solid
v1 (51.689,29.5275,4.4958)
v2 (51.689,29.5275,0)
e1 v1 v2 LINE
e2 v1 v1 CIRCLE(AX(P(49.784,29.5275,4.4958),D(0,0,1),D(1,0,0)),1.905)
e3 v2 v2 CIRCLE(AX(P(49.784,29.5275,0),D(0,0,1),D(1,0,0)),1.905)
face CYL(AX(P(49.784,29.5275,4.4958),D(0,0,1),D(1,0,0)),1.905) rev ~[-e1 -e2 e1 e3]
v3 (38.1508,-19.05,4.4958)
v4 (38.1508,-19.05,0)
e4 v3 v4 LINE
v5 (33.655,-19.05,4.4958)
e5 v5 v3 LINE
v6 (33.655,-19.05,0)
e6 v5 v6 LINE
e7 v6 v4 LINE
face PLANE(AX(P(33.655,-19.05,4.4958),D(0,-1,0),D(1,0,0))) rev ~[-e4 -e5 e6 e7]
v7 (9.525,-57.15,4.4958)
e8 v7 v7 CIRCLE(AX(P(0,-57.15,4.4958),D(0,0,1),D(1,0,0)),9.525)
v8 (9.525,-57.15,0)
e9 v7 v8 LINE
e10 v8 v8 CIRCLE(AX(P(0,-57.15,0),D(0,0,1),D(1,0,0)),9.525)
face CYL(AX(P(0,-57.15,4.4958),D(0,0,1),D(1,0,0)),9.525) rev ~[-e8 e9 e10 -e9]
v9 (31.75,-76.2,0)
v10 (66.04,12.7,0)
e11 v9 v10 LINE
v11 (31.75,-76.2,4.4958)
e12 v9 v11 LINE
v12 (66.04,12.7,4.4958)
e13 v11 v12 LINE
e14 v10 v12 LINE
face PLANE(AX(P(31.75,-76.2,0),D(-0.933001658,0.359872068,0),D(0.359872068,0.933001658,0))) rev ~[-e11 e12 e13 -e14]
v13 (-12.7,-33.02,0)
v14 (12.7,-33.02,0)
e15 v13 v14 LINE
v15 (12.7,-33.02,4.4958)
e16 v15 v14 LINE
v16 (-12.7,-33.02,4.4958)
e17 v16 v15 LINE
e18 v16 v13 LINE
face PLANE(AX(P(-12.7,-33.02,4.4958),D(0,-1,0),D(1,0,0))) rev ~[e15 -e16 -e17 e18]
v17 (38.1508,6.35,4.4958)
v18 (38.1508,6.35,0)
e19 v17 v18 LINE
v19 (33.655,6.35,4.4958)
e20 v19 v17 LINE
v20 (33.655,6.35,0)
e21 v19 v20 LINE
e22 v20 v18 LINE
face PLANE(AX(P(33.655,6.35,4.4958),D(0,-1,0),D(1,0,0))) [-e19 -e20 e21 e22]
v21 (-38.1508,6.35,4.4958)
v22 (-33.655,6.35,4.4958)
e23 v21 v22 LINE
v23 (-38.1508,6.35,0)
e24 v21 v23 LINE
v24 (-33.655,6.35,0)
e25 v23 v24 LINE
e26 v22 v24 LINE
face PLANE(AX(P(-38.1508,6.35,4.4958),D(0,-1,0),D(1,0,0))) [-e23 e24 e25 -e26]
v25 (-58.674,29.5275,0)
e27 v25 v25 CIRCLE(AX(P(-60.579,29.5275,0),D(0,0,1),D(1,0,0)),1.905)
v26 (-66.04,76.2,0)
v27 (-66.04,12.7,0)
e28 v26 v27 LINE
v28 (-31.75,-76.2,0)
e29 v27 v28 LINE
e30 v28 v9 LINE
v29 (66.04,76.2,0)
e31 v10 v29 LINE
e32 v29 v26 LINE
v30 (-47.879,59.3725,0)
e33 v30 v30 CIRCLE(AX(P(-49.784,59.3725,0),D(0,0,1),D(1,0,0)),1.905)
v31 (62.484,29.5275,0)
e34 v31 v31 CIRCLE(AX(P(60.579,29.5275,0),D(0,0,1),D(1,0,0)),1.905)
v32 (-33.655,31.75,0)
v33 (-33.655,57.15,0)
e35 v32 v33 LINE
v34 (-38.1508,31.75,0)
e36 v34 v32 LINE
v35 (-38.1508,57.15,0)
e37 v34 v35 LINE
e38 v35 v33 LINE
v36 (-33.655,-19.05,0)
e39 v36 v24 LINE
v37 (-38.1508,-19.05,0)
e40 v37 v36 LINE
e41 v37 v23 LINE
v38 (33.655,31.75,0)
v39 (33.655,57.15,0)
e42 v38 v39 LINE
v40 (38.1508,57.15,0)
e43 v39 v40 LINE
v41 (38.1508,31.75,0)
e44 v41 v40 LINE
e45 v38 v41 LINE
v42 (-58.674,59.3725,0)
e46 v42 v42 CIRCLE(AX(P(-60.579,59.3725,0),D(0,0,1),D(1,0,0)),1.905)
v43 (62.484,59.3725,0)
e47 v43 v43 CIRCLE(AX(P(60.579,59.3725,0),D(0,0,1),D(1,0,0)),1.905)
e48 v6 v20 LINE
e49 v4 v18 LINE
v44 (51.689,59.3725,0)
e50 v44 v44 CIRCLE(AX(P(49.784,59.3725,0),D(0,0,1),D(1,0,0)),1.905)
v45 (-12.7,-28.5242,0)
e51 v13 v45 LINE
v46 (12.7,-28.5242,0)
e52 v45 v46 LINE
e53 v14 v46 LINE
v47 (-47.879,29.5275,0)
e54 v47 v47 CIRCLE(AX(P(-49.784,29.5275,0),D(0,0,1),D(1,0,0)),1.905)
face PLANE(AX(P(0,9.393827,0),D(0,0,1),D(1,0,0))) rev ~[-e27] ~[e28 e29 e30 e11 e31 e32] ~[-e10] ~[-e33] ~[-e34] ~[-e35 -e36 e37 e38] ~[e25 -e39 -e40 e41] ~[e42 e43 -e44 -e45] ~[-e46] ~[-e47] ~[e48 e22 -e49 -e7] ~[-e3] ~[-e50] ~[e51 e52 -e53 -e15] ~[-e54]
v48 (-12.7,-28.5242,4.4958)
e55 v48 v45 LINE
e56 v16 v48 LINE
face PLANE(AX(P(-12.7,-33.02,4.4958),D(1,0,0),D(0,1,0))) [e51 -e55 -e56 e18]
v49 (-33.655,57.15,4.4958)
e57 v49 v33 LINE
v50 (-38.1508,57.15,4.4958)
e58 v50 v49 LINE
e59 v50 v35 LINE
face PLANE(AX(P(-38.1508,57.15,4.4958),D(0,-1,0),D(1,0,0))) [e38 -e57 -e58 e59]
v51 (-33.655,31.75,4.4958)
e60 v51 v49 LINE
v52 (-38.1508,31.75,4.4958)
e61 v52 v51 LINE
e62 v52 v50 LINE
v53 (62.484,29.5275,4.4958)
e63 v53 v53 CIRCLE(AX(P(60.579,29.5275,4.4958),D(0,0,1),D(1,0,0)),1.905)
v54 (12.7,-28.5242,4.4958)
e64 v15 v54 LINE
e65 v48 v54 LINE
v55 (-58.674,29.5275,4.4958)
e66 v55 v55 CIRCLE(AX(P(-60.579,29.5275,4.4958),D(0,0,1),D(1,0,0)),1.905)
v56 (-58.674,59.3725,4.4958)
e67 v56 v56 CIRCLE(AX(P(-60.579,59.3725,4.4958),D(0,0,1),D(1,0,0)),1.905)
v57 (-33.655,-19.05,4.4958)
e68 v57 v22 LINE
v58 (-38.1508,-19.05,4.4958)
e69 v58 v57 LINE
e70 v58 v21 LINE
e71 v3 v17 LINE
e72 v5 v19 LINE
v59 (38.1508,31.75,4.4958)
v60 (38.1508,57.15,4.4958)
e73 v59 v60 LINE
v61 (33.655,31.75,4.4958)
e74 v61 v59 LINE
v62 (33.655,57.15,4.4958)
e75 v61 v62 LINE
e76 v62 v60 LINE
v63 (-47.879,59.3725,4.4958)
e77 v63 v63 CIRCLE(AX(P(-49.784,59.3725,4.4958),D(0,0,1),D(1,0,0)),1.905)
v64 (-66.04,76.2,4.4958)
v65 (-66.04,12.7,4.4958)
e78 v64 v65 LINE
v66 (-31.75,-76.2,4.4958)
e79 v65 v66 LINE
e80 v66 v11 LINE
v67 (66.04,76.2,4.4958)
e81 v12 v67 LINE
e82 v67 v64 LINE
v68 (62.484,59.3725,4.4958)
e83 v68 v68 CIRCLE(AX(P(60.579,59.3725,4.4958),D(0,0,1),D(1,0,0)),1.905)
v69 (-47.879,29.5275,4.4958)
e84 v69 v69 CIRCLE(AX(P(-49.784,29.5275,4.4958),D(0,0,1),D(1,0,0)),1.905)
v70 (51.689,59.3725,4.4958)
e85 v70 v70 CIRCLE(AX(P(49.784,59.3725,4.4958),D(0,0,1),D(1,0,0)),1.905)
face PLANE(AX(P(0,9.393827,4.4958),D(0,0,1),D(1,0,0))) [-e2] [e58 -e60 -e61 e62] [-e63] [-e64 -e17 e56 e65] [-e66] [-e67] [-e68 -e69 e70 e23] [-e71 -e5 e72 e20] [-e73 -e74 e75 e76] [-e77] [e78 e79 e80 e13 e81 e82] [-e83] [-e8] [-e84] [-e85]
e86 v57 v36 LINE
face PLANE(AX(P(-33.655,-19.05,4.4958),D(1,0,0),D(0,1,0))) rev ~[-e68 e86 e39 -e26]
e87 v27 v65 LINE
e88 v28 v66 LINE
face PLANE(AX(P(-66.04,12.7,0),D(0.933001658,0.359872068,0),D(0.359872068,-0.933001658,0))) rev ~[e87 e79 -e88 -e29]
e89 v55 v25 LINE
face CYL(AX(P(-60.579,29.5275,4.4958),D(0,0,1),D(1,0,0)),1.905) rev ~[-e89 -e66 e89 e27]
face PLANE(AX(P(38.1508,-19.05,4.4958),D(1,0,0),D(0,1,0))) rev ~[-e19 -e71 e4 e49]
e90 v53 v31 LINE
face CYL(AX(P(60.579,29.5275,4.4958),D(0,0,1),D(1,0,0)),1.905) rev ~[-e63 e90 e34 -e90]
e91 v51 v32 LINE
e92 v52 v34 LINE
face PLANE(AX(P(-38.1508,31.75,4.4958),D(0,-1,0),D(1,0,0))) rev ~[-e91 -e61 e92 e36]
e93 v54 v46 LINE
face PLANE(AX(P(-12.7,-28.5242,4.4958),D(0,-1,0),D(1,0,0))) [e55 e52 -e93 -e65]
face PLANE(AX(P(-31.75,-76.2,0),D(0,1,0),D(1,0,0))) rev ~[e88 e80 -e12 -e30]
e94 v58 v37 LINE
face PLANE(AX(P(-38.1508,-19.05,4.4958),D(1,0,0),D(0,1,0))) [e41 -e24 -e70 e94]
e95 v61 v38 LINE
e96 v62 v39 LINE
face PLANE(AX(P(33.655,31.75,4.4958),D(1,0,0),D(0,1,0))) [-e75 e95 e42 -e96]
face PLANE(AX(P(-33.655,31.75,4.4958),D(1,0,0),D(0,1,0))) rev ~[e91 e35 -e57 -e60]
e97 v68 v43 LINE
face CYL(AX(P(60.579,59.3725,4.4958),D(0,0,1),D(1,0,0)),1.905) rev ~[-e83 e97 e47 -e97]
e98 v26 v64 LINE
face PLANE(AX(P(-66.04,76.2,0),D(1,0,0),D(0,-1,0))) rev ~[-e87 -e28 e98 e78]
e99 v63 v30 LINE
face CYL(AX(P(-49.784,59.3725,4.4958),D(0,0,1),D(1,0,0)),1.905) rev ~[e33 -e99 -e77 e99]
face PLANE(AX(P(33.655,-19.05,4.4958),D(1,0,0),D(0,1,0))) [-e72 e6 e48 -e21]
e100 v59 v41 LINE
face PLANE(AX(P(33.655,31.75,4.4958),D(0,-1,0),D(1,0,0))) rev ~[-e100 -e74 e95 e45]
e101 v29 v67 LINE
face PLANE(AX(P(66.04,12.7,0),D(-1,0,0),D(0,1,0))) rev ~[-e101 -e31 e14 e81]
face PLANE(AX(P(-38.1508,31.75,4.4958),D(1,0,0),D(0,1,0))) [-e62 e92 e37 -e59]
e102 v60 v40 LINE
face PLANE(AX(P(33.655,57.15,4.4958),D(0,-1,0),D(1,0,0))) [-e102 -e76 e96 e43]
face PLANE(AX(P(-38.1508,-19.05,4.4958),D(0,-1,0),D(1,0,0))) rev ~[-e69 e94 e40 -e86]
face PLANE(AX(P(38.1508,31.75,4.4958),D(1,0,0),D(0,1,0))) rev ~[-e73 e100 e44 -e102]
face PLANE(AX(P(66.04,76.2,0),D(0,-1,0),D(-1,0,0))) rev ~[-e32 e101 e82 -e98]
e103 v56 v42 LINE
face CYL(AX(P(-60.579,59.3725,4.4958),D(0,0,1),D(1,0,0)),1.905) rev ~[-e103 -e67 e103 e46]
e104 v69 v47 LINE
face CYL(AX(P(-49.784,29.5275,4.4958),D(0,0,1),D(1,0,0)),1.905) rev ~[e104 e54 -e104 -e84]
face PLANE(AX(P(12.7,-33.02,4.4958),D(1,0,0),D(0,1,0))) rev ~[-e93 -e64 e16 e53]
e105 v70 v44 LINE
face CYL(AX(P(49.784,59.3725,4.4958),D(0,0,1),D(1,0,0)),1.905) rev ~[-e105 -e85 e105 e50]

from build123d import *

# Parameters (mm, degrees)
F1_DEPTH = 4.4958
F2_R     = 1.905
F3_DEPTH = 4.4968
F4_W     = 4.4958
F4_H     = 25.4
F4_R     = 9.525
F4_W_2   = 25.4
F4_H_2   = 4.4958
F5_DEPTH = 4.4968


with BuildPart() as f1:
    # F0 (on Top) → F1 (new body)
    with BuildSketch(Plane.XY):
        Polygon((66.04, 76.2), (-66.04, 76.2), (-66.04, 12.7), (-31.75, -76.2), (31.75, -76.2), (66.04, 12.7), align=None)
    extrude(amount=F1_DEPTH)

    # F2 (on face) → F3 (cut, through all)
    with BuildSketch(Plane.XY.offset(4.4958)):
        with Locations((-60.579, 59.3725)):
            Circle(F2_R)
        with Locations((-49.784, 59.3725)):
            Circle(F2_R)
        with Locations((-49.784, 29.5275)):
            Circle(F2_R)
        with Locations((-60.579, 29.5275)):
            Circle(F2_R)
        with Locations((60.579, 59.3725)):
            Circle(F2_R)
        with Locations((49.784, 29.5275)):
            Circle(F2_R)
        with Locations((49.784, 59.3725)):
            Circle(F2_R)
        with Locations((60.579, 29.5275)):
            Circle(F2_R)
    extrude(amount=-F3_DEPTH, mode=Mode.SUBTRACT)

    # F4 (on face) → F5 (cut, through all)
    with BuildSketch(Plane.XY.offset(4.4958)):
        with Locations((-35.9029, 44.45)):
            Rectangle(F4_W, F4_H)
        with Locations((-35.9029, -6.35)):
            Rectangle(F4_W, F4_H)
        with Locations((35.9029, 44.45)):
            Rectangle(F4_W, F4_H)
        with Locations((35.9029, -6.35)):
            Rectangle(F4_W, F4_H)
        with Locations((0, -57.15)):
            Circle(F4_R)
        with Locations((0, -30.7721)):
            Rectangle(F4_W_2, F4_H_2)
    extrude(amount=-F5_DEPTH, mode=Mode.SUBTRACT)


solid = f1.part
